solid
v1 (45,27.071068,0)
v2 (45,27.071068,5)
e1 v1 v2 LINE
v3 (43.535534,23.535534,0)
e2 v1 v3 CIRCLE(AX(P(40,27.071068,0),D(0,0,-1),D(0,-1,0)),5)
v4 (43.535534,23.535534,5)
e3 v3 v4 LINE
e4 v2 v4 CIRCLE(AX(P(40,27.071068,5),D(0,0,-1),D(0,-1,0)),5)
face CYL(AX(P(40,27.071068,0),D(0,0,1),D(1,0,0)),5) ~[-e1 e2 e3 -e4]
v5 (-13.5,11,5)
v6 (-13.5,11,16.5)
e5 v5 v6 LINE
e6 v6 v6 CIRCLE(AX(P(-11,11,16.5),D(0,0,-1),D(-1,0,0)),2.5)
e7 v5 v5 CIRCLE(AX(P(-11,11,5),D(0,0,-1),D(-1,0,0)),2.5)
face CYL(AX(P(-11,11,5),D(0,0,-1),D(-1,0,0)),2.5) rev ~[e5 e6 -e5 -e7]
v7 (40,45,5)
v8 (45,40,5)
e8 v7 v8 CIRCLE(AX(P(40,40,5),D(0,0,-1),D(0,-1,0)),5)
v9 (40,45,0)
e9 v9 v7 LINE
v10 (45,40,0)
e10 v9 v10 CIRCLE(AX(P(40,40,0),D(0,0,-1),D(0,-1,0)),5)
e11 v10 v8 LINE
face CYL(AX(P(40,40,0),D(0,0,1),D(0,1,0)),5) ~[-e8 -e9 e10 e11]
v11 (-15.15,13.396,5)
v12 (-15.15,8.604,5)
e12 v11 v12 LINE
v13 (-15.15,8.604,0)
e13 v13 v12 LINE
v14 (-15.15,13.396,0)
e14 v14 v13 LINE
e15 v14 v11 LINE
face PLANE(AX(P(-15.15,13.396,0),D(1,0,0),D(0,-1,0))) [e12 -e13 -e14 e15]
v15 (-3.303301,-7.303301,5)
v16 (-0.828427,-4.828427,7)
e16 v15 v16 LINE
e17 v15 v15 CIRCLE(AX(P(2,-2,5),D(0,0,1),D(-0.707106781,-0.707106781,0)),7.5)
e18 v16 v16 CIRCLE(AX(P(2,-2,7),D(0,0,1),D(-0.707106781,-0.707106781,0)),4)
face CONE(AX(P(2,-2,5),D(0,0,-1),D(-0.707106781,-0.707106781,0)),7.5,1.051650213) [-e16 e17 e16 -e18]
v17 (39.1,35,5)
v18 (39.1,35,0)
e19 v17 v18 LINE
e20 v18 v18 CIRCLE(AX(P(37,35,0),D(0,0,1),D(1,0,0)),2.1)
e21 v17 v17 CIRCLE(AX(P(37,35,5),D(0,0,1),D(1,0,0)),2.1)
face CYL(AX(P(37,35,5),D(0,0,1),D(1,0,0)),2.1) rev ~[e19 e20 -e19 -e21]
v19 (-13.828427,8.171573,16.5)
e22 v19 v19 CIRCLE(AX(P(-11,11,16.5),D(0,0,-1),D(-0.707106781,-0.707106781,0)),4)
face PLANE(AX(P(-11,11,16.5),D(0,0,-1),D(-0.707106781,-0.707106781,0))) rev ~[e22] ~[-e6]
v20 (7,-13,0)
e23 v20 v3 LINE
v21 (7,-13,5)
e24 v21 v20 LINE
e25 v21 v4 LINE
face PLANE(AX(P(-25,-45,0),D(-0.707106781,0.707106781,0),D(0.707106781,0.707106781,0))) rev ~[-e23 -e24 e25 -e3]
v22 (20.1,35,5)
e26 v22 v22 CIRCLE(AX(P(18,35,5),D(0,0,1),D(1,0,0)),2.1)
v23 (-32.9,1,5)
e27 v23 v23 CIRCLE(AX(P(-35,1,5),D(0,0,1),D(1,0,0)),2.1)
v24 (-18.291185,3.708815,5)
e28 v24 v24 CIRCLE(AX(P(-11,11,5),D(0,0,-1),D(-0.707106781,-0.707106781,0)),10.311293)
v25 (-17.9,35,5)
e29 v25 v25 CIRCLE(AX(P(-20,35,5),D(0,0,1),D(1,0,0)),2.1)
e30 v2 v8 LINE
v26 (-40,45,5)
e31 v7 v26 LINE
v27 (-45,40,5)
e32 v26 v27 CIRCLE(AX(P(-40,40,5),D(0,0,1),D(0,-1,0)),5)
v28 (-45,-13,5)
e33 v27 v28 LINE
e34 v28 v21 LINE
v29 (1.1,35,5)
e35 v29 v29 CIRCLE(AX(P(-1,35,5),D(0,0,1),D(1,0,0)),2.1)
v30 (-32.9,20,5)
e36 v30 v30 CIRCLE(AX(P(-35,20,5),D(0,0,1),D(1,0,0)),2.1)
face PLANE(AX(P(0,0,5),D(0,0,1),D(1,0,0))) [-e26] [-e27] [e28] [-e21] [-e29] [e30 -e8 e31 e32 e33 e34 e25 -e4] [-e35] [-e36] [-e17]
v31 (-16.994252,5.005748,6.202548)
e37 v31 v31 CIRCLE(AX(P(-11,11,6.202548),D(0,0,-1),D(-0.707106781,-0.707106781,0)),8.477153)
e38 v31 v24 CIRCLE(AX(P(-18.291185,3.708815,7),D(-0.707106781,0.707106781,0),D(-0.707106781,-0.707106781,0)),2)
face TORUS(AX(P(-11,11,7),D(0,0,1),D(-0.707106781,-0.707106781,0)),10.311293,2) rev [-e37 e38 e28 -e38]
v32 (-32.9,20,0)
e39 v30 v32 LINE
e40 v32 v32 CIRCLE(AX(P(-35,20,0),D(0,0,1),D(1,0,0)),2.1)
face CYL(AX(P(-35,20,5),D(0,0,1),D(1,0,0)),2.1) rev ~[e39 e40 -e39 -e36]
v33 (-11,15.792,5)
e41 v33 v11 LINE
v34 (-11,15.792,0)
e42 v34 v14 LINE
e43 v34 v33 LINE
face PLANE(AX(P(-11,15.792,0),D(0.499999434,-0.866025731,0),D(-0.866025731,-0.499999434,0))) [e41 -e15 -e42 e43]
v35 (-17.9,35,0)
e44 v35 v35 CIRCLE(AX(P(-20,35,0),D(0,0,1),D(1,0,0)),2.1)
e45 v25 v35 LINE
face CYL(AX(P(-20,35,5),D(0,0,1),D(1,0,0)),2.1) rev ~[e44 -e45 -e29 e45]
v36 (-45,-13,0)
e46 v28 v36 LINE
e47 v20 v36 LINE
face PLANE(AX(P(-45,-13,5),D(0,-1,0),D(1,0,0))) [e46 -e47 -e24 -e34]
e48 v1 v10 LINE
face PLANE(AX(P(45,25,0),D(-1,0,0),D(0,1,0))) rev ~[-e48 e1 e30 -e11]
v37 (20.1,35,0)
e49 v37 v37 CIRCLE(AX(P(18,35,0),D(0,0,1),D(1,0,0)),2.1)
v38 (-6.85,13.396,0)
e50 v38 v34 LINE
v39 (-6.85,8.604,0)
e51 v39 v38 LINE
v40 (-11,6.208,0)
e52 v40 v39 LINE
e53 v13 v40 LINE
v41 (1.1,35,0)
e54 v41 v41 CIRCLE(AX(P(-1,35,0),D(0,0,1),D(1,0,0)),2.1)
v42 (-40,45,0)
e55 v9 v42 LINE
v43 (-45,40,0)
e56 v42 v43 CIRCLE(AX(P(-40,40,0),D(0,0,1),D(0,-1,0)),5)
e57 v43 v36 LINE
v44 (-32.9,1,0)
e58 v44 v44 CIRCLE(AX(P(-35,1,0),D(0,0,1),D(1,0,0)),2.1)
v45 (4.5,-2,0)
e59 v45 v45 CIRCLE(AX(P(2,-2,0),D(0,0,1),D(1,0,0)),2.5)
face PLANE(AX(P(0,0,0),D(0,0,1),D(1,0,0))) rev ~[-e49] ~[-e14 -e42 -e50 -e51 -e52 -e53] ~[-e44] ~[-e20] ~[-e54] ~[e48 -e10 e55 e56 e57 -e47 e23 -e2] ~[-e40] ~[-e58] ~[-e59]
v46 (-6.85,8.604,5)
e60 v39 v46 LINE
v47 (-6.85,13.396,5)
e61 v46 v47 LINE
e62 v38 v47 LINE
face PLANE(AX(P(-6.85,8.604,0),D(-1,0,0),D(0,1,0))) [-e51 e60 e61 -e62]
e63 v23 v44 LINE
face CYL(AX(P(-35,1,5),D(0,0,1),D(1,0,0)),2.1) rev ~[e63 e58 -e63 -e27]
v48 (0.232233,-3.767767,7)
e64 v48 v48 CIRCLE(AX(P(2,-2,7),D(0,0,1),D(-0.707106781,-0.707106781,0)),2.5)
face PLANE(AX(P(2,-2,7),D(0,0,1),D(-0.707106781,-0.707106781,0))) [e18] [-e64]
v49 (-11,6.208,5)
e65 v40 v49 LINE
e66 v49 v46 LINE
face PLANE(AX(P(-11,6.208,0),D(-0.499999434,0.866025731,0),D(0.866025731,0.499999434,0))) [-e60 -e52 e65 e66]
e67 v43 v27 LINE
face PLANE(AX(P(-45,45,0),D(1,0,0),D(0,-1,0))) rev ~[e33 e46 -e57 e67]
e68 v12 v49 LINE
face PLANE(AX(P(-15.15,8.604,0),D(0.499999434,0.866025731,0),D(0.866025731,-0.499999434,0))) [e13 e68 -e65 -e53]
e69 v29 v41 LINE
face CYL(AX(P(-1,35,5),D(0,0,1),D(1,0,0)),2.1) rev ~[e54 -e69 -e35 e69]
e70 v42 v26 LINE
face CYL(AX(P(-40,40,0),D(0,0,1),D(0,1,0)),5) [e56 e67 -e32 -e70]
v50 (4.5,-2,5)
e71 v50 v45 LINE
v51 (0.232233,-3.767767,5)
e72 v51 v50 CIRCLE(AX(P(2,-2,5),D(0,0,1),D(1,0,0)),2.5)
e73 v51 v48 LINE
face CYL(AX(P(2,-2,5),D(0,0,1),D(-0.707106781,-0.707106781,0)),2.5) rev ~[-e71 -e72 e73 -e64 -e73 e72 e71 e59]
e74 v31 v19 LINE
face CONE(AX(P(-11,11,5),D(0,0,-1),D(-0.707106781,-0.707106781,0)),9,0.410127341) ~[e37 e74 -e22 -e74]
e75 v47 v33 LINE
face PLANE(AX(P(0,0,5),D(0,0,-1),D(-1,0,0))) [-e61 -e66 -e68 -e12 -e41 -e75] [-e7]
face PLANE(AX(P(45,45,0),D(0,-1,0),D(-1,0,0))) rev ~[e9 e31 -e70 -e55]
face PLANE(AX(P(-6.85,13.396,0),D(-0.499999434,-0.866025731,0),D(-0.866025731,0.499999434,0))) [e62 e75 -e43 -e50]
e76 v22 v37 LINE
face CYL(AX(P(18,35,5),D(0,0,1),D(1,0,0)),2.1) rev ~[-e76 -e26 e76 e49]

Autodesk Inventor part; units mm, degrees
ref_plane "YZ Plane" through (0, 0, 0) normal (1, 0, 0) x (0, 1, 0)
ref_plane "XZ Plane" through (0, 0, 0) normal (0, 1, 0) x (-1, 0, 0)
ref_plane "XY Plane" through (0, 0, 0) normal (0, 0, 1) x (1, 0, 0)
sketch "Sketch1" plane through (0, 0, 0) normal (0, 0, 1) x (1, 0, 0)
  line L0 (-45, 45) -> (-45, -45)
  line L1 (-45, -45) -> (-25, -45)
  line L2 (-25, -45) -> (45, 25)
  line L3 (45, 25) -> (45, 45)
  line L4 (45, 45) -> (-45, 45)
  point P0 (0, 0)
  point P1 (0, 45)
  point P2 (-45, 0)
  dimension "d0" = 20
  dimension "d1" = 20
  dimension "d2" = 90
  dimension "d3" = 90
extrude "Extrusion1" add sketch "Sketch1" along normal blind 5
sketch "Sketch2" plane through (0, 0, 5) normal (0, 0, 1) x (1, 0, 0)
  circle A0 centre (-11, 11) radius 2.5
  circle A1 centre (2, -2) radius 2.5
  line L0 (-25, -45) -> (45, 25) projected
  line L1 (45, 45) -> (-45, 45) projected
  line L2 (10, -10) -> (-45, 45) construction
  line L3 (-45, 45) -> (-45, -45) projected
  point P0 (0, 0)
  dimension "d6" = 5
  dimension "d7" = 34
  dimension "d8" = 13
extrude "Extrusion2" cut sketch "Sketch2" against normal blind 6
ref_plane "Work Plane2" through (-11, 11, 5) normal (0.7071, -0.7071, 0) x (0.7071, 0.7071, 0)
ref_plane "Work Plane1" through (-9.2322, 9.2322, 5) normal (0.7071, -0.7071, 0) x (0.7071, 0.7071, 0)
sketch "Sketch3" plane through (-11, 11, 5) normal (0.7071, -0.7071, 0) x (0.7071, 0.7071, 0)
  line L0 (-49.4975, 0) -> (49.4975, 0) projected
  line L1 (0, 11.5) -> (0, 0)
  line L2 (-9, 0) -> (0, 0)
  line L3 (-9, 0) -> (-4, 11.5)
  line L4 (-4, 11.5) -> (0, 11.5)
  point P0 (0, -5)
  dimension "d12" = 9
  dimension "d13" = 11.5
  dimension "d17" = 4
revolve "Revolution1" add sketch "Sketch3" angle 360 about axis through (-11, 11, 16.5) along (0, 0, -1)
sketch "Sketch4" plane through (-11, 11, 5) normal (0, 0, -1) x (-1, 0, 0)
  circle A0 centre (0, 0) radius 2.5 projected
  point P0 (-11, -11)
extrude "Extrusion3" cut sketch "Sketch4" against normal up to next
sketch "Sketch5" plane through (0, 0, 5) normal (0, 0, 1) x (1, 0, 0)
  circle A0 centre (-35, -37) radius 2.1
  circle A1 centre (-35, -18) radius 2.1
  circle A2 centre (-35, 20) radius 2.1
  circle A3 centre (-20, 35) radius 2.1
  circle A4 centre (-1, 35) radius 2.1
  circle A5 centre (18, 35) radius 2.1
  circle A6 centre (37, 35) radius 2.1
  line L0 (-45, -45) -> (-25, -45) projected
  line L1 (45, 25) -> (45, 45) projected
  circle A7 centre (-35, 1) radius 2.1
  point P0 (0, 0)
  point P1 (45, 35)
  point P2 (-35, -45)
  point P3 (-35, -45)
  point P4 (-35, -45)
  dimension "d18" = 4.2
  dimension "d19" = 8
  dimension "d20" = 19
  dimension "d21" = 19
  dimension "d22" = 19
  dimension "d23" = 8
  dimension "d24" = 19
  dimension "d25" = 19
  dimension "d26" = 19
extrude "Extrusion4" cut sketch "Sketch5" against normal up to next
fillet "Fillet1" radius 2 1 edges at (-4.636, 17.364, 5)
sketch "Sketch7" plane through (0, 0, 0) normal (0, 0, -1) x (-1, 0, 0)
  line L0 (15.15, 13.396) -> (15.15, 8.604)
  line L1 (15.15, 8.604) -> (11, 6.208)
  line L2 (11, 6.208) -> (6.85, 8.604)
  line L3 (6.85, 8.604) -> (6.85, 13.396)
  line L4 (6.85, 13.396) -> (11, 15.792)
  line L5 (11, 15.792) -> (15.15, 13.396)
  circle A0 centre (11, 11) radius 2.5 projected
  circle A1 centre (11, 11) radius 4.15 construction
  point P0 (0, 0)
  point P1 (15.15, 11)
  dimension "d30" = 8.3
  dimension "d32" = 8.3
extrude "Extrusion5" cut sketch "Sketch7" against normal blind 5
ref_plane "Work Plane4" through (2, -2, 5) normal (0.7071, -0.7071, 0) x (0.7071, 0.7071, 0)
ref_plane "Work Plane3" through (0.2322, -0.2322, 5) normal (0.7071, -0.7071, 0) x (0.7071, 0.7071, 0)
sketch "Sketch8" plane through (2, -2, 5) normal (0.7071, -0.7071, 0) x (0.7071, 0.7071, 0)
  line L0 (2.5, -5) -> (-2.5, -5) projected
  line L1 (-2.5, 0) -> (2.5, 0) projected
  line L2 (-2.5, 0) -> (2.5, 0) projected
  line L3 (-2.5, 0) -> (-7.5, 0)
  line L4 (-7.5, 0) -> (-4, 2)
  line L5 (-4, 2) -> (-2.5, 2)
  line L6 (-2.5, 0) -> (-2.5, 2)
  line L7 (0, 0) -> (0, 4.1579) construction
  point P0 (0, -5)
  dimension "d36" = 5
  dimension "d37" = 1.5
  dimension "d38" = 2
revolve "Revolution2" add sketch "Sketch8" angle 360 about axis through (2, -2, 5) along (0, 0, 1)
fillet "Fillet2" radius 5 5 edges at (-25, -45, 2.5) (-45, -45, 2.5) (45, 25, 2.5) (45, 45, 2.5) (-45, 45, 2.5)
sketch "Sketch9" plane through (0, 0, 5) normal (0, 0, 1) x (1, 0, 0)
  line L0 (-45, 40) -> (-45, -40) projected
  line L1 (-45, -13) -> (14.9089, -13)
  line L2 (14.9089, -13) -> (14.9089, -45)
  line L3 (14.9089, -45) -> (-45, -45)
  line L4 (-45, -45) -> (-45, -13)
  arc A0 (-27.0711, -45) -> (-23.5355, -43.5355) centre (-27.0711, -40) ccw projected
  point P0 (0, 0)
  point P1 (-25.1577, -44.6194)
  dimension "d44" = 32
extrude "Extrusion6" cut sketch "Sketch9" against normal up to next
equation "\"d21\" = d20"
equation "\"d22\" = d20"
equation "\"d23\" = d19"
equation "\"d24\" = d20"
equation "\"d25\" = d20"
equation "\"d26\" = d20"
properties part number "bracket-GT2-left"
